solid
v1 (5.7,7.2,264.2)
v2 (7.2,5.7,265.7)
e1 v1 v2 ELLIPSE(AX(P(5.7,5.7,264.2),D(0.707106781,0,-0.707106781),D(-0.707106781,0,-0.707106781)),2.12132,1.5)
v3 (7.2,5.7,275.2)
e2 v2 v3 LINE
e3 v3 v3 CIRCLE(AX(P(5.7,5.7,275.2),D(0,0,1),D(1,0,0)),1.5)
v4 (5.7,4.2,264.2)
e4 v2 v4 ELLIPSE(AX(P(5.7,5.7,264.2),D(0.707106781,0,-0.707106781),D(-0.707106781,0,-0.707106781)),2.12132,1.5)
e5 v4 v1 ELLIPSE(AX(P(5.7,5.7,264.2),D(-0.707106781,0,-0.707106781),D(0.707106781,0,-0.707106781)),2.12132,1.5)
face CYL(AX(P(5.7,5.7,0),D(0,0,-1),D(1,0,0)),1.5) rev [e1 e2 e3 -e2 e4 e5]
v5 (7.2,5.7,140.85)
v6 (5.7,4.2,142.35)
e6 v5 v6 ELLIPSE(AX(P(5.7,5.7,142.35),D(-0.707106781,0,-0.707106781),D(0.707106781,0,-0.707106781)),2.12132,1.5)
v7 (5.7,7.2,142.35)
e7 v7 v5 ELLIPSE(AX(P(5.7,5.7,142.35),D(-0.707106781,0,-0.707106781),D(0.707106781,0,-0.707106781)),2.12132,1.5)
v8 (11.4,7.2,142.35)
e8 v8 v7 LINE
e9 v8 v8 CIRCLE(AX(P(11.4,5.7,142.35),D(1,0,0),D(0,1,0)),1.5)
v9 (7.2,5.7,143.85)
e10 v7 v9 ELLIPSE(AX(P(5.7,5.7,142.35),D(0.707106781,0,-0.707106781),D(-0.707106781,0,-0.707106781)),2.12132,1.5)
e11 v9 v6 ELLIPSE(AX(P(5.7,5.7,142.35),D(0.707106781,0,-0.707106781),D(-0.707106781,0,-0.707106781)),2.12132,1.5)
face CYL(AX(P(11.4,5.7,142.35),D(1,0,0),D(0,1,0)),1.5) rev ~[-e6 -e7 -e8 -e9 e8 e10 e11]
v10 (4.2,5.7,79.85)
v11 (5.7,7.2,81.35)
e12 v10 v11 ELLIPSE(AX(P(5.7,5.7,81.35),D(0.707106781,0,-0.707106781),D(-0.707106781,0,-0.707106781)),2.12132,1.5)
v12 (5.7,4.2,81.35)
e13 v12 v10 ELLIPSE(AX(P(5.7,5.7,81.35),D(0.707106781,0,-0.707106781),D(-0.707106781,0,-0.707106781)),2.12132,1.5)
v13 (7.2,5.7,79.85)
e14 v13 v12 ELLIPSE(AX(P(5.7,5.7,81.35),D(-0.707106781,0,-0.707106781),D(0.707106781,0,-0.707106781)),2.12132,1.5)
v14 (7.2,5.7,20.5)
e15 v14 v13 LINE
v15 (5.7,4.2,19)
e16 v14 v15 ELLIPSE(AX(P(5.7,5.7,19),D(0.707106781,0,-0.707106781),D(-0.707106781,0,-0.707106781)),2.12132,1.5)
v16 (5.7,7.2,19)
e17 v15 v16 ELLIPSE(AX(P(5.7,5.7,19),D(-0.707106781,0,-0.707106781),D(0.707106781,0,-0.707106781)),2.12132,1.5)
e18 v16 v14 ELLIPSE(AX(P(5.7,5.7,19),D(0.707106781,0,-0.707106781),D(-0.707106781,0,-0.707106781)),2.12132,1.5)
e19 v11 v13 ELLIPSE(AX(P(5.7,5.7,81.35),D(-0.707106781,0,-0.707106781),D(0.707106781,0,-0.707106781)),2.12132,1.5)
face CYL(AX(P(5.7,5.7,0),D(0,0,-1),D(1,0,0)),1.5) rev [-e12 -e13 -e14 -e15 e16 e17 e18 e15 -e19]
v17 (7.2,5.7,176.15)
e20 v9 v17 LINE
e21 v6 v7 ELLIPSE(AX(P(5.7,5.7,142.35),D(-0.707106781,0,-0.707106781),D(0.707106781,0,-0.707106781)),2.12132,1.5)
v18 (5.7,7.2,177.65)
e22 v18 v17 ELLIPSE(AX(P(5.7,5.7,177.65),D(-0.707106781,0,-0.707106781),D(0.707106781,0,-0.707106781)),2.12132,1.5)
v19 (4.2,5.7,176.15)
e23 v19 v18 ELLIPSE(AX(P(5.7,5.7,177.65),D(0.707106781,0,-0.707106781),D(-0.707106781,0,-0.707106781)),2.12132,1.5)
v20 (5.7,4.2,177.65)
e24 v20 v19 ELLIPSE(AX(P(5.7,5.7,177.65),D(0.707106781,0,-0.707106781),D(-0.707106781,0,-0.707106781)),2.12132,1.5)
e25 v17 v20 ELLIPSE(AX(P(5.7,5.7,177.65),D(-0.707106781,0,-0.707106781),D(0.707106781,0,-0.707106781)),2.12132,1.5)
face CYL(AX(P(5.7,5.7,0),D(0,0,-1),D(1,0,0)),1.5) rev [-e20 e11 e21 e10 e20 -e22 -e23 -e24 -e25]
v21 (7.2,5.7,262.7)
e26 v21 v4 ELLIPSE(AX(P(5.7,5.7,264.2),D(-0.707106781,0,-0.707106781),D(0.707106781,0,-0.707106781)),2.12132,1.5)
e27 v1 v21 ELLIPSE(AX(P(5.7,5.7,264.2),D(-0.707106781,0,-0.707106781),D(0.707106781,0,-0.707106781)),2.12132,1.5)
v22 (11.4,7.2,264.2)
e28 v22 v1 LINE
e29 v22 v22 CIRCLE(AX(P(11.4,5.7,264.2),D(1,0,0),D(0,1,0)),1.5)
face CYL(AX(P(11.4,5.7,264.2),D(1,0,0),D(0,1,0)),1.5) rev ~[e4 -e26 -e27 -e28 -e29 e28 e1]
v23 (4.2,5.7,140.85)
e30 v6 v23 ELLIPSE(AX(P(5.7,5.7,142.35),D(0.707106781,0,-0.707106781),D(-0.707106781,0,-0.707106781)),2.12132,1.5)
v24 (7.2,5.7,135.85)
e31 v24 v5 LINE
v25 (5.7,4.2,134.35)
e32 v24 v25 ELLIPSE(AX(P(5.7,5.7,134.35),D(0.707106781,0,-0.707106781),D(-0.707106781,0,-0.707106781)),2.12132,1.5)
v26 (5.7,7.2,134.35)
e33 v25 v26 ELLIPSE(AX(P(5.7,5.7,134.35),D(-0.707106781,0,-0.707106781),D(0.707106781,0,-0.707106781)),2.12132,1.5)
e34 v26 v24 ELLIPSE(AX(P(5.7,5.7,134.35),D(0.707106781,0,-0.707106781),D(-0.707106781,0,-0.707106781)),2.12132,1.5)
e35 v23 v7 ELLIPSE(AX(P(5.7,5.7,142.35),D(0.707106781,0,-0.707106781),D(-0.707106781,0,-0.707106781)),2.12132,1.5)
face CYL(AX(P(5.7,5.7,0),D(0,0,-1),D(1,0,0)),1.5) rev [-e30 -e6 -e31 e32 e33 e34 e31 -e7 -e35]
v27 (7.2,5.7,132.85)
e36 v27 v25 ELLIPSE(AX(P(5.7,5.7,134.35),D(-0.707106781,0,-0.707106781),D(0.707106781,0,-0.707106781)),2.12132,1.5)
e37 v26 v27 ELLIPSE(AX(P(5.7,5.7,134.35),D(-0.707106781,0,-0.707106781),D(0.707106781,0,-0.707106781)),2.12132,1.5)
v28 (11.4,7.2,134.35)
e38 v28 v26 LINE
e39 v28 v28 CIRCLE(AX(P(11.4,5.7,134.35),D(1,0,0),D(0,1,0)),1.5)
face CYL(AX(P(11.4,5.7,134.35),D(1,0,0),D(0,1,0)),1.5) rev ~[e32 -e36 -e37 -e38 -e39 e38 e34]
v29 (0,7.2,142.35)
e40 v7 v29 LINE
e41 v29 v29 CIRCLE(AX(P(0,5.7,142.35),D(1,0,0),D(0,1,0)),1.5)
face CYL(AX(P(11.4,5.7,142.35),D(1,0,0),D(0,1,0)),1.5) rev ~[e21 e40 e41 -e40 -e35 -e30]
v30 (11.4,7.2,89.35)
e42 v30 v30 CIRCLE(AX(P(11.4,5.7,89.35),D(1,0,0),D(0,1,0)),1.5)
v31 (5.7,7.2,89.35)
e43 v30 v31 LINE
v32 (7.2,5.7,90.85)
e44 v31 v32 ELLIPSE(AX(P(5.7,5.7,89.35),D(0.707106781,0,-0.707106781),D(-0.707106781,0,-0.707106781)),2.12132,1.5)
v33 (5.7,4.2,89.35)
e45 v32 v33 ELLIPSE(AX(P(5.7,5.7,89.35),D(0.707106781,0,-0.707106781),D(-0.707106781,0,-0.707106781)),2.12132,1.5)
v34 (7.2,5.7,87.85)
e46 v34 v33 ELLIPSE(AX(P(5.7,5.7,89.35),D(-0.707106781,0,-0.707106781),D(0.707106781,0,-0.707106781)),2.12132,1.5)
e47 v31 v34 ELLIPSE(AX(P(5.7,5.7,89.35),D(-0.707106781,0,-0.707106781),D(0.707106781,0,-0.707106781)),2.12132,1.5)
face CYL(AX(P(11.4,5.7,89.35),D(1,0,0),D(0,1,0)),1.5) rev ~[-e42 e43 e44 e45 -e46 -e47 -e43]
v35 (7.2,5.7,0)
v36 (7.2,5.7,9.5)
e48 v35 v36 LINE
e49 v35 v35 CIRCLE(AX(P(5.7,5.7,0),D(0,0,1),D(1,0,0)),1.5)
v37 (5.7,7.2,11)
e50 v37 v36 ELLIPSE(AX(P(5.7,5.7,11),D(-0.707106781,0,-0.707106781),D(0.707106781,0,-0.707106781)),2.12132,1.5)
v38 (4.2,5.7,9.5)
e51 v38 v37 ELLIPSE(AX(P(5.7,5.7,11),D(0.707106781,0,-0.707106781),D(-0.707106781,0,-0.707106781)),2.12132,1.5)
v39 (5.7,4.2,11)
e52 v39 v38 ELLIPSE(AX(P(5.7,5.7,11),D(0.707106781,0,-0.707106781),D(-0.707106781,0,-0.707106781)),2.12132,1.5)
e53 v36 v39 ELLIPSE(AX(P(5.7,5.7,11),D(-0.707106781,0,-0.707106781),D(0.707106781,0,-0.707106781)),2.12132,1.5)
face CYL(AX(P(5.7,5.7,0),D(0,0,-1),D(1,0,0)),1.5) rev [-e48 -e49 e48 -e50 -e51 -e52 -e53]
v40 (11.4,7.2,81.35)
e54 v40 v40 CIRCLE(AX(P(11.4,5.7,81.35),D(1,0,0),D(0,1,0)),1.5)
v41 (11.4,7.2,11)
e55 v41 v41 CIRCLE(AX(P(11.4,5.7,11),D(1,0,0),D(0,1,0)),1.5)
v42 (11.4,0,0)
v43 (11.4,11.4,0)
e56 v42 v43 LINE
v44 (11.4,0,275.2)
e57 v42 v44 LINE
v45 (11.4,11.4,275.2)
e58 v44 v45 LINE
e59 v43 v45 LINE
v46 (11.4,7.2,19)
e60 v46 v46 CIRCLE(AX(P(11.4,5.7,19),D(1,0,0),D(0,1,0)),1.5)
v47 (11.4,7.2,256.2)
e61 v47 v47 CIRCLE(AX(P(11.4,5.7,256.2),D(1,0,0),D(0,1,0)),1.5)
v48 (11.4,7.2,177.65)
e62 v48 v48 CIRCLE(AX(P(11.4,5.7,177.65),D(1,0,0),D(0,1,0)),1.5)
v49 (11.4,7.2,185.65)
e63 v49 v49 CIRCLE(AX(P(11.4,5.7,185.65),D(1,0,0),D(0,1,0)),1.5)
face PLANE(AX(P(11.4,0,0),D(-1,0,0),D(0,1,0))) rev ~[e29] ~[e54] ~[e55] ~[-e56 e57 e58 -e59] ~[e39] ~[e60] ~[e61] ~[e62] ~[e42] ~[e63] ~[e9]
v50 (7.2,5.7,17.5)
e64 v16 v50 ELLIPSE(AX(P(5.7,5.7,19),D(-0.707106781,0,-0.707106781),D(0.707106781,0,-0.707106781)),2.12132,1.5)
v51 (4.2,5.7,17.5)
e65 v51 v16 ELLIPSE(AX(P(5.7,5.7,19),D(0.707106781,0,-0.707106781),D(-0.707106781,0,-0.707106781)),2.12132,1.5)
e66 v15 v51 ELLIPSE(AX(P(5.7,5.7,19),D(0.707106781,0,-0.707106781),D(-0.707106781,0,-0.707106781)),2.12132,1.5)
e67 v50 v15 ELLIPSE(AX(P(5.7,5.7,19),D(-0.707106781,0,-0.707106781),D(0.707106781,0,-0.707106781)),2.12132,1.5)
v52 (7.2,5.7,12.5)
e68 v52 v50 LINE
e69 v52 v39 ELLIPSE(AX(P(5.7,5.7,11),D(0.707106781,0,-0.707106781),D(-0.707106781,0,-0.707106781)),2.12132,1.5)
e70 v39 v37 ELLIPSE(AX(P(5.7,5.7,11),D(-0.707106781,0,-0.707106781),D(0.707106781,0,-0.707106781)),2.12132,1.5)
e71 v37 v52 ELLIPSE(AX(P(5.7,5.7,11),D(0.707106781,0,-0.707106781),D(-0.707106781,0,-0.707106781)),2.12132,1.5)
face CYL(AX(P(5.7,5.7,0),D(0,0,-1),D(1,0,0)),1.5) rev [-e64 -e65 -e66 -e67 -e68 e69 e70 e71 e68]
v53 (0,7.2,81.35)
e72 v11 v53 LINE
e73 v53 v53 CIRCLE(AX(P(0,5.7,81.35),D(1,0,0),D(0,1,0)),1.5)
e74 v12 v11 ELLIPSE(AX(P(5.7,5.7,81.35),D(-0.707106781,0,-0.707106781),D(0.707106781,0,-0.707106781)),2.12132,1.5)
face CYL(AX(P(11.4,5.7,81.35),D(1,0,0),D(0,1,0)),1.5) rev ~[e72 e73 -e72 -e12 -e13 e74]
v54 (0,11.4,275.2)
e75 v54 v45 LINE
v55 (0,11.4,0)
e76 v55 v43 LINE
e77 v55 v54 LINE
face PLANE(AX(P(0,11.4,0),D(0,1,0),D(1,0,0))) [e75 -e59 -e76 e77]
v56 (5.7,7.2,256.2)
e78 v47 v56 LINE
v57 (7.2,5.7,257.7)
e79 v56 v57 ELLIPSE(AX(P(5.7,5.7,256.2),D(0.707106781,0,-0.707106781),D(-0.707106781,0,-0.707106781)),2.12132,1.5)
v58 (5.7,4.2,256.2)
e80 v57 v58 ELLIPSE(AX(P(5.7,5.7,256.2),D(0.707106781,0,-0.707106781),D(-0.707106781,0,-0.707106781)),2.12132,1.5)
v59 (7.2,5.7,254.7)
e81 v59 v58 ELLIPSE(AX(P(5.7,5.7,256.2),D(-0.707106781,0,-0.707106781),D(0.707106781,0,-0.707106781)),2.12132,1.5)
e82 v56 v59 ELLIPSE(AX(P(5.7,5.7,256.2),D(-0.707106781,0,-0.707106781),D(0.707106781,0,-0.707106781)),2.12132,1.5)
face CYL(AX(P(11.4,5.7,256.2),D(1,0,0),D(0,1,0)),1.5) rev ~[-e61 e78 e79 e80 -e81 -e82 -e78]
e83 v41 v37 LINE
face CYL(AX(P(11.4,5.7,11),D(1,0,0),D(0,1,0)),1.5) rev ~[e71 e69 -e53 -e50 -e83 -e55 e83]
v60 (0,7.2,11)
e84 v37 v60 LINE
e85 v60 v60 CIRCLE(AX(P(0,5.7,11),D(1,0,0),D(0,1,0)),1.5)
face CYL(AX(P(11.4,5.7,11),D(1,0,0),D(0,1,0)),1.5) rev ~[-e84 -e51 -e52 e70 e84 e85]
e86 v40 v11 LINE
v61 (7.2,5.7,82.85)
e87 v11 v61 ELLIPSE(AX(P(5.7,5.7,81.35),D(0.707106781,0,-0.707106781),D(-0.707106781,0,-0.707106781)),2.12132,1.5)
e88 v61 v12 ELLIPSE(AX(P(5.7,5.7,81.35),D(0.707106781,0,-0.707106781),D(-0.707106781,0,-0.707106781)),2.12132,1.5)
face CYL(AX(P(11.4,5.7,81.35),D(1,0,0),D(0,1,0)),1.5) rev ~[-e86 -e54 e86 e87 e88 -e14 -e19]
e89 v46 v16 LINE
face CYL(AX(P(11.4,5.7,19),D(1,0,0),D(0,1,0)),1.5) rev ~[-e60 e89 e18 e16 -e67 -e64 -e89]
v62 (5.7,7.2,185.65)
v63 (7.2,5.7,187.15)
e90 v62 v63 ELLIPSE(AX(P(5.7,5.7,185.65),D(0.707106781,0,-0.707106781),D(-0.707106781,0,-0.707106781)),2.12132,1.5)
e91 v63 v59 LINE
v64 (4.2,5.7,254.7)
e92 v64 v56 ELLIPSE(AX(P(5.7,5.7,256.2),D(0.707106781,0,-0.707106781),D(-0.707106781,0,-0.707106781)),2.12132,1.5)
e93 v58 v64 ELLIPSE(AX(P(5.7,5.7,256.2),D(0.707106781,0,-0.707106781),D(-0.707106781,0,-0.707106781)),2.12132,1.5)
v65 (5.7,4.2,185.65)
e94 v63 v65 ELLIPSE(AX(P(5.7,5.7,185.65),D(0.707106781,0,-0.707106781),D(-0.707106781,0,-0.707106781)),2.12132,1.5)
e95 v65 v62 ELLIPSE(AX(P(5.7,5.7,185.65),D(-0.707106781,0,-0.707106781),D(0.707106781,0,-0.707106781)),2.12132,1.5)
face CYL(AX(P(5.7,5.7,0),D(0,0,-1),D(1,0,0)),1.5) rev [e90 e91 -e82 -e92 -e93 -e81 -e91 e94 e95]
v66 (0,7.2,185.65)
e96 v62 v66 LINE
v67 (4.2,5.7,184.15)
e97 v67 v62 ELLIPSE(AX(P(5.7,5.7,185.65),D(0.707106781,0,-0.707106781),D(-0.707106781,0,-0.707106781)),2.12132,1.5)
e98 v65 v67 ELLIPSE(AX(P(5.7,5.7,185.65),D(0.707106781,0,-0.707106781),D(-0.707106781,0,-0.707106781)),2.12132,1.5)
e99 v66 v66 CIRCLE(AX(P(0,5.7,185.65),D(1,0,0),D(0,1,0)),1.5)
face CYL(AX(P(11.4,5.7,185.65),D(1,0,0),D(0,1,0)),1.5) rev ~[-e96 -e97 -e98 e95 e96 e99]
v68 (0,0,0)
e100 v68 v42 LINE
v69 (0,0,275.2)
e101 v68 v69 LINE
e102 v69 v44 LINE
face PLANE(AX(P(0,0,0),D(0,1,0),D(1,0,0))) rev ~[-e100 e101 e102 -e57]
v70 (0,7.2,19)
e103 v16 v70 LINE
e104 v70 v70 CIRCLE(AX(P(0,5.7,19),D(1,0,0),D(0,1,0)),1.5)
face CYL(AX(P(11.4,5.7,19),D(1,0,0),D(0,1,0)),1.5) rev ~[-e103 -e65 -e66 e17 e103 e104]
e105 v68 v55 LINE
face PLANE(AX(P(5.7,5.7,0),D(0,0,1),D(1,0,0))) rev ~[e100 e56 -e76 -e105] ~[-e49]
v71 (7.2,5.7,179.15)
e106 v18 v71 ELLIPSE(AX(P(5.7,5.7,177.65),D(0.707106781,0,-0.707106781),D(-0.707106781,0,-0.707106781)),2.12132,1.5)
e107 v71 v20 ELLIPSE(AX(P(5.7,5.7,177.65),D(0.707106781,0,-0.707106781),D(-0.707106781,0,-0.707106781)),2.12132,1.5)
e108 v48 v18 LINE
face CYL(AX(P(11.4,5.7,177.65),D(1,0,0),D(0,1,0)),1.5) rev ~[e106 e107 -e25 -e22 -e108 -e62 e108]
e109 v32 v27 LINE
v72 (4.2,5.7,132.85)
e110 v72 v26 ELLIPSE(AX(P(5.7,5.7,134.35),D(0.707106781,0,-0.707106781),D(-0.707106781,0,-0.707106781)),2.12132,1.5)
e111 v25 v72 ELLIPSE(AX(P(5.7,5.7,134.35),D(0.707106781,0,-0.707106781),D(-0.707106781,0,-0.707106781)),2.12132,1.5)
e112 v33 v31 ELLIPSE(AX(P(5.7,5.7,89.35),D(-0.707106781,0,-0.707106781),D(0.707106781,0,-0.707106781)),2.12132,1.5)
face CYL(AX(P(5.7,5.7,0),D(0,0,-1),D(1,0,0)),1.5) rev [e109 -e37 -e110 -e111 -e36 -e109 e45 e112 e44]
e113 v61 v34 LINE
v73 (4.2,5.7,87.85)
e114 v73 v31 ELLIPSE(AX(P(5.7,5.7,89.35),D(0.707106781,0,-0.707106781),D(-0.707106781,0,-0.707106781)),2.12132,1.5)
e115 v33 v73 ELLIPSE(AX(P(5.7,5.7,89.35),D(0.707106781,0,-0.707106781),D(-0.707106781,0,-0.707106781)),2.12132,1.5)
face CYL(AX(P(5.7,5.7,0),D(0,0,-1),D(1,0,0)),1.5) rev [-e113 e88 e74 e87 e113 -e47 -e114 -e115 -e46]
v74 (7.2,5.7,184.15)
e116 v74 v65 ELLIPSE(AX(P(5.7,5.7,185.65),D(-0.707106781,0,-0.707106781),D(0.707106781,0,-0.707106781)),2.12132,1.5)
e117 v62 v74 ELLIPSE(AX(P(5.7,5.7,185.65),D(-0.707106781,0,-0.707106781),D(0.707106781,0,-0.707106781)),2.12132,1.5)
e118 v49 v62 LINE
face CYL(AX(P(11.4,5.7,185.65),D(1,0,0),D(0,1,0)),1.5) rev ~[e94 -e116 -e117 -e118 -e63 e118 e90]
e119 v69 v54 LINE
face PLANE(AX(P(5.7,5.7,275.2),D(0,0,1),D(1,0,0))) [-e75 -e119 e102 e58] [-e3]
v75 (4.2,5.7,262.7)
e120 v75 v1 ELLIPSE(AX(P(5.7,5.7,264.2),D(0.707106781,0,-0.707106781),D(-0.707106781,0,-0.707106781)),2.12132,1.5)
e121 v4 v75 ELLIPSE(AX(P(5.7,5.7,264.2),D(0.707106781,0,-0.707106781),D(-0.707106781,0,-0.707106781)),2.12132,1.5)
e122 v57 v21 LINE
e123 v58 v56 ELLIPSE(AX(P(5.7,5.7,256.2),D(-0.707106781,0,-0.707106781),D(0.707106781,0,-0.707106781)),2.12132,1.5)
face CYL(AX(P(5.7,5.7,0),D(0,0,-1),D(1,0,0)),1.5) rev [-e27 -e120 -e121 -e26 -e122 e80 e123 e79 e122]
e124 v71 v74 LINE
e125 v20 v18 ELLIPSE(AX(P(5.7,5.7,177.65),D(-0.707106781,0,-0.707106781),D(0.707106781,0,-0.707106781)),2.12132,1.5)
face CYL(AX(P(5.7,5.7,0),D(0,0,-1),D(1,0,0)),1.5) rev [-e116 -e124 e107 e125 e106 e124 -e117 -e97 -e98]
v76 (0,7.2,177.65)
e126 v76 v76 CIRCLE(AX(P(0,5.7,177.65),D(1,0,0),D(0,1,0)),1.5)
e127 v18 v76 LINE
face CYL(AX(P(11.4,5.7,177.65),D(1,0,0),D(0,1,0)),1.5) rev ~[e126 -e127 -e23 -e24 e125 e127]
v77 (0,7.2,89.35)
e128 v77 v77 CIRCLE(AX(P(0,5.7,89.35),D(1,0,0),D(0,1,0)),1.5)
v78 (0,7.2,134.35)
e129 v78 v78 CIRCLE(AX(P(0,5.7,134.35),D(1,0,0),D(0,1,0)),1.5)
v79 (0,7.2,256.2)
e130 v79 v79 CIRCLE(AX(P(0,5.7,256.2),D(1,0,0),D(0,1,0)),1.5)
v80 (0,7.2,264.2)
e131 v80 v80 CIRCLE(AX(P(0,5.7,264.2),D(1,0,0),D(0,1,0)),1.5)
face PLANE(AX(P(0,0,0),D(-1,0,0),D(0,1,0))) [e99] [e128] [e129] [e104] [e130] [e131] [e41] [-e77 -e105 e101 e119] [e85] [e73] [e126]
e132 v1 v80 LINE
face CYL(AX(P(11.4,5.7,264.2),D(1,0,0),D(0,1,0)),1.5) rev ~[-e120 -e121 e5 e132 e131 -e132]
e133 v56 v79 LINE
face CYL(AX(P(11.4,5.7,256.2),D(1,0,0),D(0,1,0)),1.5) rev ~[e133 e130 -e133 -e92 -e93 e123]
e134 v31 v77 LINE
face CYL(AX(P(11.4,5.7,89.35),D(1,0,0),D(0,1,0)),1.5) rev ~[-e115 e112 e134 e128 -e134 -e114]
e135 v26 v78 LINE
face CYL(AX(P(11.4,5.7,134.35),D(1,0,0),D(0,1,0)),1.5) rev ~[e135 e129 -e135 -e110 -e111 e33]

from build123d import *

# Parameters (mm, degrees)
SKETCH_W     = 11.4
SKETCH_H     = 11.4
SKETCH_R     = 1.5
PAD_DEPTH    = 275.2
SKETCH001_R  = 1.5
POCKET_DEPTH = 11.401


with BuildPart() as part:
    # Sketch → Pad (new body)
    with BuildSketch(Plane.XY):
        with Locations((5.7, 5.7)):
            Rectangle(SKETCH_W, SKETCH_H)
        with Locations((5.7, 5.7)):
            Circle(SKETCH_R, mode=Mode.SUBTRACT)
    extrude(amount=PAD_DEPTH)

    # Sketch001 → Pocket (cut, through all)
    with BuildSketch(Plane.YZ.offset(11.4)):
        with Locations((5.7, 142.35)):
            Circle(SKETCH001_R)
        with Locations((5.7, 134.35)):
            Circle(SKETCH001_R)
        with Locations((5.7, 19)):
            Circle(SKETCH001_R)
        with Locations((5.7, 11)):
            Circle(SKETCH001_R)
        with Locations((5.7, 89.35)):
            Circle(SKETCH001_R)
        with Locations((5.7, 81.35)):
            Circle(SKETCH001_R)
        with Locations((5.7, 185.65)):
            Circle(SKETCH001_R)
        with Locations((5.7, 177.65)):
            Circle(SKETCH001_R)
        with Locations((5.7, 264.2)):
            Circle(SKETCH001_R)
        with Locations((5.7, 256.2)):
            Circle(SKETCH001_R)
    extrude(amount=-POCKET_DEPTH, mode=Mode.SUBTRACT)


solid = part.part
